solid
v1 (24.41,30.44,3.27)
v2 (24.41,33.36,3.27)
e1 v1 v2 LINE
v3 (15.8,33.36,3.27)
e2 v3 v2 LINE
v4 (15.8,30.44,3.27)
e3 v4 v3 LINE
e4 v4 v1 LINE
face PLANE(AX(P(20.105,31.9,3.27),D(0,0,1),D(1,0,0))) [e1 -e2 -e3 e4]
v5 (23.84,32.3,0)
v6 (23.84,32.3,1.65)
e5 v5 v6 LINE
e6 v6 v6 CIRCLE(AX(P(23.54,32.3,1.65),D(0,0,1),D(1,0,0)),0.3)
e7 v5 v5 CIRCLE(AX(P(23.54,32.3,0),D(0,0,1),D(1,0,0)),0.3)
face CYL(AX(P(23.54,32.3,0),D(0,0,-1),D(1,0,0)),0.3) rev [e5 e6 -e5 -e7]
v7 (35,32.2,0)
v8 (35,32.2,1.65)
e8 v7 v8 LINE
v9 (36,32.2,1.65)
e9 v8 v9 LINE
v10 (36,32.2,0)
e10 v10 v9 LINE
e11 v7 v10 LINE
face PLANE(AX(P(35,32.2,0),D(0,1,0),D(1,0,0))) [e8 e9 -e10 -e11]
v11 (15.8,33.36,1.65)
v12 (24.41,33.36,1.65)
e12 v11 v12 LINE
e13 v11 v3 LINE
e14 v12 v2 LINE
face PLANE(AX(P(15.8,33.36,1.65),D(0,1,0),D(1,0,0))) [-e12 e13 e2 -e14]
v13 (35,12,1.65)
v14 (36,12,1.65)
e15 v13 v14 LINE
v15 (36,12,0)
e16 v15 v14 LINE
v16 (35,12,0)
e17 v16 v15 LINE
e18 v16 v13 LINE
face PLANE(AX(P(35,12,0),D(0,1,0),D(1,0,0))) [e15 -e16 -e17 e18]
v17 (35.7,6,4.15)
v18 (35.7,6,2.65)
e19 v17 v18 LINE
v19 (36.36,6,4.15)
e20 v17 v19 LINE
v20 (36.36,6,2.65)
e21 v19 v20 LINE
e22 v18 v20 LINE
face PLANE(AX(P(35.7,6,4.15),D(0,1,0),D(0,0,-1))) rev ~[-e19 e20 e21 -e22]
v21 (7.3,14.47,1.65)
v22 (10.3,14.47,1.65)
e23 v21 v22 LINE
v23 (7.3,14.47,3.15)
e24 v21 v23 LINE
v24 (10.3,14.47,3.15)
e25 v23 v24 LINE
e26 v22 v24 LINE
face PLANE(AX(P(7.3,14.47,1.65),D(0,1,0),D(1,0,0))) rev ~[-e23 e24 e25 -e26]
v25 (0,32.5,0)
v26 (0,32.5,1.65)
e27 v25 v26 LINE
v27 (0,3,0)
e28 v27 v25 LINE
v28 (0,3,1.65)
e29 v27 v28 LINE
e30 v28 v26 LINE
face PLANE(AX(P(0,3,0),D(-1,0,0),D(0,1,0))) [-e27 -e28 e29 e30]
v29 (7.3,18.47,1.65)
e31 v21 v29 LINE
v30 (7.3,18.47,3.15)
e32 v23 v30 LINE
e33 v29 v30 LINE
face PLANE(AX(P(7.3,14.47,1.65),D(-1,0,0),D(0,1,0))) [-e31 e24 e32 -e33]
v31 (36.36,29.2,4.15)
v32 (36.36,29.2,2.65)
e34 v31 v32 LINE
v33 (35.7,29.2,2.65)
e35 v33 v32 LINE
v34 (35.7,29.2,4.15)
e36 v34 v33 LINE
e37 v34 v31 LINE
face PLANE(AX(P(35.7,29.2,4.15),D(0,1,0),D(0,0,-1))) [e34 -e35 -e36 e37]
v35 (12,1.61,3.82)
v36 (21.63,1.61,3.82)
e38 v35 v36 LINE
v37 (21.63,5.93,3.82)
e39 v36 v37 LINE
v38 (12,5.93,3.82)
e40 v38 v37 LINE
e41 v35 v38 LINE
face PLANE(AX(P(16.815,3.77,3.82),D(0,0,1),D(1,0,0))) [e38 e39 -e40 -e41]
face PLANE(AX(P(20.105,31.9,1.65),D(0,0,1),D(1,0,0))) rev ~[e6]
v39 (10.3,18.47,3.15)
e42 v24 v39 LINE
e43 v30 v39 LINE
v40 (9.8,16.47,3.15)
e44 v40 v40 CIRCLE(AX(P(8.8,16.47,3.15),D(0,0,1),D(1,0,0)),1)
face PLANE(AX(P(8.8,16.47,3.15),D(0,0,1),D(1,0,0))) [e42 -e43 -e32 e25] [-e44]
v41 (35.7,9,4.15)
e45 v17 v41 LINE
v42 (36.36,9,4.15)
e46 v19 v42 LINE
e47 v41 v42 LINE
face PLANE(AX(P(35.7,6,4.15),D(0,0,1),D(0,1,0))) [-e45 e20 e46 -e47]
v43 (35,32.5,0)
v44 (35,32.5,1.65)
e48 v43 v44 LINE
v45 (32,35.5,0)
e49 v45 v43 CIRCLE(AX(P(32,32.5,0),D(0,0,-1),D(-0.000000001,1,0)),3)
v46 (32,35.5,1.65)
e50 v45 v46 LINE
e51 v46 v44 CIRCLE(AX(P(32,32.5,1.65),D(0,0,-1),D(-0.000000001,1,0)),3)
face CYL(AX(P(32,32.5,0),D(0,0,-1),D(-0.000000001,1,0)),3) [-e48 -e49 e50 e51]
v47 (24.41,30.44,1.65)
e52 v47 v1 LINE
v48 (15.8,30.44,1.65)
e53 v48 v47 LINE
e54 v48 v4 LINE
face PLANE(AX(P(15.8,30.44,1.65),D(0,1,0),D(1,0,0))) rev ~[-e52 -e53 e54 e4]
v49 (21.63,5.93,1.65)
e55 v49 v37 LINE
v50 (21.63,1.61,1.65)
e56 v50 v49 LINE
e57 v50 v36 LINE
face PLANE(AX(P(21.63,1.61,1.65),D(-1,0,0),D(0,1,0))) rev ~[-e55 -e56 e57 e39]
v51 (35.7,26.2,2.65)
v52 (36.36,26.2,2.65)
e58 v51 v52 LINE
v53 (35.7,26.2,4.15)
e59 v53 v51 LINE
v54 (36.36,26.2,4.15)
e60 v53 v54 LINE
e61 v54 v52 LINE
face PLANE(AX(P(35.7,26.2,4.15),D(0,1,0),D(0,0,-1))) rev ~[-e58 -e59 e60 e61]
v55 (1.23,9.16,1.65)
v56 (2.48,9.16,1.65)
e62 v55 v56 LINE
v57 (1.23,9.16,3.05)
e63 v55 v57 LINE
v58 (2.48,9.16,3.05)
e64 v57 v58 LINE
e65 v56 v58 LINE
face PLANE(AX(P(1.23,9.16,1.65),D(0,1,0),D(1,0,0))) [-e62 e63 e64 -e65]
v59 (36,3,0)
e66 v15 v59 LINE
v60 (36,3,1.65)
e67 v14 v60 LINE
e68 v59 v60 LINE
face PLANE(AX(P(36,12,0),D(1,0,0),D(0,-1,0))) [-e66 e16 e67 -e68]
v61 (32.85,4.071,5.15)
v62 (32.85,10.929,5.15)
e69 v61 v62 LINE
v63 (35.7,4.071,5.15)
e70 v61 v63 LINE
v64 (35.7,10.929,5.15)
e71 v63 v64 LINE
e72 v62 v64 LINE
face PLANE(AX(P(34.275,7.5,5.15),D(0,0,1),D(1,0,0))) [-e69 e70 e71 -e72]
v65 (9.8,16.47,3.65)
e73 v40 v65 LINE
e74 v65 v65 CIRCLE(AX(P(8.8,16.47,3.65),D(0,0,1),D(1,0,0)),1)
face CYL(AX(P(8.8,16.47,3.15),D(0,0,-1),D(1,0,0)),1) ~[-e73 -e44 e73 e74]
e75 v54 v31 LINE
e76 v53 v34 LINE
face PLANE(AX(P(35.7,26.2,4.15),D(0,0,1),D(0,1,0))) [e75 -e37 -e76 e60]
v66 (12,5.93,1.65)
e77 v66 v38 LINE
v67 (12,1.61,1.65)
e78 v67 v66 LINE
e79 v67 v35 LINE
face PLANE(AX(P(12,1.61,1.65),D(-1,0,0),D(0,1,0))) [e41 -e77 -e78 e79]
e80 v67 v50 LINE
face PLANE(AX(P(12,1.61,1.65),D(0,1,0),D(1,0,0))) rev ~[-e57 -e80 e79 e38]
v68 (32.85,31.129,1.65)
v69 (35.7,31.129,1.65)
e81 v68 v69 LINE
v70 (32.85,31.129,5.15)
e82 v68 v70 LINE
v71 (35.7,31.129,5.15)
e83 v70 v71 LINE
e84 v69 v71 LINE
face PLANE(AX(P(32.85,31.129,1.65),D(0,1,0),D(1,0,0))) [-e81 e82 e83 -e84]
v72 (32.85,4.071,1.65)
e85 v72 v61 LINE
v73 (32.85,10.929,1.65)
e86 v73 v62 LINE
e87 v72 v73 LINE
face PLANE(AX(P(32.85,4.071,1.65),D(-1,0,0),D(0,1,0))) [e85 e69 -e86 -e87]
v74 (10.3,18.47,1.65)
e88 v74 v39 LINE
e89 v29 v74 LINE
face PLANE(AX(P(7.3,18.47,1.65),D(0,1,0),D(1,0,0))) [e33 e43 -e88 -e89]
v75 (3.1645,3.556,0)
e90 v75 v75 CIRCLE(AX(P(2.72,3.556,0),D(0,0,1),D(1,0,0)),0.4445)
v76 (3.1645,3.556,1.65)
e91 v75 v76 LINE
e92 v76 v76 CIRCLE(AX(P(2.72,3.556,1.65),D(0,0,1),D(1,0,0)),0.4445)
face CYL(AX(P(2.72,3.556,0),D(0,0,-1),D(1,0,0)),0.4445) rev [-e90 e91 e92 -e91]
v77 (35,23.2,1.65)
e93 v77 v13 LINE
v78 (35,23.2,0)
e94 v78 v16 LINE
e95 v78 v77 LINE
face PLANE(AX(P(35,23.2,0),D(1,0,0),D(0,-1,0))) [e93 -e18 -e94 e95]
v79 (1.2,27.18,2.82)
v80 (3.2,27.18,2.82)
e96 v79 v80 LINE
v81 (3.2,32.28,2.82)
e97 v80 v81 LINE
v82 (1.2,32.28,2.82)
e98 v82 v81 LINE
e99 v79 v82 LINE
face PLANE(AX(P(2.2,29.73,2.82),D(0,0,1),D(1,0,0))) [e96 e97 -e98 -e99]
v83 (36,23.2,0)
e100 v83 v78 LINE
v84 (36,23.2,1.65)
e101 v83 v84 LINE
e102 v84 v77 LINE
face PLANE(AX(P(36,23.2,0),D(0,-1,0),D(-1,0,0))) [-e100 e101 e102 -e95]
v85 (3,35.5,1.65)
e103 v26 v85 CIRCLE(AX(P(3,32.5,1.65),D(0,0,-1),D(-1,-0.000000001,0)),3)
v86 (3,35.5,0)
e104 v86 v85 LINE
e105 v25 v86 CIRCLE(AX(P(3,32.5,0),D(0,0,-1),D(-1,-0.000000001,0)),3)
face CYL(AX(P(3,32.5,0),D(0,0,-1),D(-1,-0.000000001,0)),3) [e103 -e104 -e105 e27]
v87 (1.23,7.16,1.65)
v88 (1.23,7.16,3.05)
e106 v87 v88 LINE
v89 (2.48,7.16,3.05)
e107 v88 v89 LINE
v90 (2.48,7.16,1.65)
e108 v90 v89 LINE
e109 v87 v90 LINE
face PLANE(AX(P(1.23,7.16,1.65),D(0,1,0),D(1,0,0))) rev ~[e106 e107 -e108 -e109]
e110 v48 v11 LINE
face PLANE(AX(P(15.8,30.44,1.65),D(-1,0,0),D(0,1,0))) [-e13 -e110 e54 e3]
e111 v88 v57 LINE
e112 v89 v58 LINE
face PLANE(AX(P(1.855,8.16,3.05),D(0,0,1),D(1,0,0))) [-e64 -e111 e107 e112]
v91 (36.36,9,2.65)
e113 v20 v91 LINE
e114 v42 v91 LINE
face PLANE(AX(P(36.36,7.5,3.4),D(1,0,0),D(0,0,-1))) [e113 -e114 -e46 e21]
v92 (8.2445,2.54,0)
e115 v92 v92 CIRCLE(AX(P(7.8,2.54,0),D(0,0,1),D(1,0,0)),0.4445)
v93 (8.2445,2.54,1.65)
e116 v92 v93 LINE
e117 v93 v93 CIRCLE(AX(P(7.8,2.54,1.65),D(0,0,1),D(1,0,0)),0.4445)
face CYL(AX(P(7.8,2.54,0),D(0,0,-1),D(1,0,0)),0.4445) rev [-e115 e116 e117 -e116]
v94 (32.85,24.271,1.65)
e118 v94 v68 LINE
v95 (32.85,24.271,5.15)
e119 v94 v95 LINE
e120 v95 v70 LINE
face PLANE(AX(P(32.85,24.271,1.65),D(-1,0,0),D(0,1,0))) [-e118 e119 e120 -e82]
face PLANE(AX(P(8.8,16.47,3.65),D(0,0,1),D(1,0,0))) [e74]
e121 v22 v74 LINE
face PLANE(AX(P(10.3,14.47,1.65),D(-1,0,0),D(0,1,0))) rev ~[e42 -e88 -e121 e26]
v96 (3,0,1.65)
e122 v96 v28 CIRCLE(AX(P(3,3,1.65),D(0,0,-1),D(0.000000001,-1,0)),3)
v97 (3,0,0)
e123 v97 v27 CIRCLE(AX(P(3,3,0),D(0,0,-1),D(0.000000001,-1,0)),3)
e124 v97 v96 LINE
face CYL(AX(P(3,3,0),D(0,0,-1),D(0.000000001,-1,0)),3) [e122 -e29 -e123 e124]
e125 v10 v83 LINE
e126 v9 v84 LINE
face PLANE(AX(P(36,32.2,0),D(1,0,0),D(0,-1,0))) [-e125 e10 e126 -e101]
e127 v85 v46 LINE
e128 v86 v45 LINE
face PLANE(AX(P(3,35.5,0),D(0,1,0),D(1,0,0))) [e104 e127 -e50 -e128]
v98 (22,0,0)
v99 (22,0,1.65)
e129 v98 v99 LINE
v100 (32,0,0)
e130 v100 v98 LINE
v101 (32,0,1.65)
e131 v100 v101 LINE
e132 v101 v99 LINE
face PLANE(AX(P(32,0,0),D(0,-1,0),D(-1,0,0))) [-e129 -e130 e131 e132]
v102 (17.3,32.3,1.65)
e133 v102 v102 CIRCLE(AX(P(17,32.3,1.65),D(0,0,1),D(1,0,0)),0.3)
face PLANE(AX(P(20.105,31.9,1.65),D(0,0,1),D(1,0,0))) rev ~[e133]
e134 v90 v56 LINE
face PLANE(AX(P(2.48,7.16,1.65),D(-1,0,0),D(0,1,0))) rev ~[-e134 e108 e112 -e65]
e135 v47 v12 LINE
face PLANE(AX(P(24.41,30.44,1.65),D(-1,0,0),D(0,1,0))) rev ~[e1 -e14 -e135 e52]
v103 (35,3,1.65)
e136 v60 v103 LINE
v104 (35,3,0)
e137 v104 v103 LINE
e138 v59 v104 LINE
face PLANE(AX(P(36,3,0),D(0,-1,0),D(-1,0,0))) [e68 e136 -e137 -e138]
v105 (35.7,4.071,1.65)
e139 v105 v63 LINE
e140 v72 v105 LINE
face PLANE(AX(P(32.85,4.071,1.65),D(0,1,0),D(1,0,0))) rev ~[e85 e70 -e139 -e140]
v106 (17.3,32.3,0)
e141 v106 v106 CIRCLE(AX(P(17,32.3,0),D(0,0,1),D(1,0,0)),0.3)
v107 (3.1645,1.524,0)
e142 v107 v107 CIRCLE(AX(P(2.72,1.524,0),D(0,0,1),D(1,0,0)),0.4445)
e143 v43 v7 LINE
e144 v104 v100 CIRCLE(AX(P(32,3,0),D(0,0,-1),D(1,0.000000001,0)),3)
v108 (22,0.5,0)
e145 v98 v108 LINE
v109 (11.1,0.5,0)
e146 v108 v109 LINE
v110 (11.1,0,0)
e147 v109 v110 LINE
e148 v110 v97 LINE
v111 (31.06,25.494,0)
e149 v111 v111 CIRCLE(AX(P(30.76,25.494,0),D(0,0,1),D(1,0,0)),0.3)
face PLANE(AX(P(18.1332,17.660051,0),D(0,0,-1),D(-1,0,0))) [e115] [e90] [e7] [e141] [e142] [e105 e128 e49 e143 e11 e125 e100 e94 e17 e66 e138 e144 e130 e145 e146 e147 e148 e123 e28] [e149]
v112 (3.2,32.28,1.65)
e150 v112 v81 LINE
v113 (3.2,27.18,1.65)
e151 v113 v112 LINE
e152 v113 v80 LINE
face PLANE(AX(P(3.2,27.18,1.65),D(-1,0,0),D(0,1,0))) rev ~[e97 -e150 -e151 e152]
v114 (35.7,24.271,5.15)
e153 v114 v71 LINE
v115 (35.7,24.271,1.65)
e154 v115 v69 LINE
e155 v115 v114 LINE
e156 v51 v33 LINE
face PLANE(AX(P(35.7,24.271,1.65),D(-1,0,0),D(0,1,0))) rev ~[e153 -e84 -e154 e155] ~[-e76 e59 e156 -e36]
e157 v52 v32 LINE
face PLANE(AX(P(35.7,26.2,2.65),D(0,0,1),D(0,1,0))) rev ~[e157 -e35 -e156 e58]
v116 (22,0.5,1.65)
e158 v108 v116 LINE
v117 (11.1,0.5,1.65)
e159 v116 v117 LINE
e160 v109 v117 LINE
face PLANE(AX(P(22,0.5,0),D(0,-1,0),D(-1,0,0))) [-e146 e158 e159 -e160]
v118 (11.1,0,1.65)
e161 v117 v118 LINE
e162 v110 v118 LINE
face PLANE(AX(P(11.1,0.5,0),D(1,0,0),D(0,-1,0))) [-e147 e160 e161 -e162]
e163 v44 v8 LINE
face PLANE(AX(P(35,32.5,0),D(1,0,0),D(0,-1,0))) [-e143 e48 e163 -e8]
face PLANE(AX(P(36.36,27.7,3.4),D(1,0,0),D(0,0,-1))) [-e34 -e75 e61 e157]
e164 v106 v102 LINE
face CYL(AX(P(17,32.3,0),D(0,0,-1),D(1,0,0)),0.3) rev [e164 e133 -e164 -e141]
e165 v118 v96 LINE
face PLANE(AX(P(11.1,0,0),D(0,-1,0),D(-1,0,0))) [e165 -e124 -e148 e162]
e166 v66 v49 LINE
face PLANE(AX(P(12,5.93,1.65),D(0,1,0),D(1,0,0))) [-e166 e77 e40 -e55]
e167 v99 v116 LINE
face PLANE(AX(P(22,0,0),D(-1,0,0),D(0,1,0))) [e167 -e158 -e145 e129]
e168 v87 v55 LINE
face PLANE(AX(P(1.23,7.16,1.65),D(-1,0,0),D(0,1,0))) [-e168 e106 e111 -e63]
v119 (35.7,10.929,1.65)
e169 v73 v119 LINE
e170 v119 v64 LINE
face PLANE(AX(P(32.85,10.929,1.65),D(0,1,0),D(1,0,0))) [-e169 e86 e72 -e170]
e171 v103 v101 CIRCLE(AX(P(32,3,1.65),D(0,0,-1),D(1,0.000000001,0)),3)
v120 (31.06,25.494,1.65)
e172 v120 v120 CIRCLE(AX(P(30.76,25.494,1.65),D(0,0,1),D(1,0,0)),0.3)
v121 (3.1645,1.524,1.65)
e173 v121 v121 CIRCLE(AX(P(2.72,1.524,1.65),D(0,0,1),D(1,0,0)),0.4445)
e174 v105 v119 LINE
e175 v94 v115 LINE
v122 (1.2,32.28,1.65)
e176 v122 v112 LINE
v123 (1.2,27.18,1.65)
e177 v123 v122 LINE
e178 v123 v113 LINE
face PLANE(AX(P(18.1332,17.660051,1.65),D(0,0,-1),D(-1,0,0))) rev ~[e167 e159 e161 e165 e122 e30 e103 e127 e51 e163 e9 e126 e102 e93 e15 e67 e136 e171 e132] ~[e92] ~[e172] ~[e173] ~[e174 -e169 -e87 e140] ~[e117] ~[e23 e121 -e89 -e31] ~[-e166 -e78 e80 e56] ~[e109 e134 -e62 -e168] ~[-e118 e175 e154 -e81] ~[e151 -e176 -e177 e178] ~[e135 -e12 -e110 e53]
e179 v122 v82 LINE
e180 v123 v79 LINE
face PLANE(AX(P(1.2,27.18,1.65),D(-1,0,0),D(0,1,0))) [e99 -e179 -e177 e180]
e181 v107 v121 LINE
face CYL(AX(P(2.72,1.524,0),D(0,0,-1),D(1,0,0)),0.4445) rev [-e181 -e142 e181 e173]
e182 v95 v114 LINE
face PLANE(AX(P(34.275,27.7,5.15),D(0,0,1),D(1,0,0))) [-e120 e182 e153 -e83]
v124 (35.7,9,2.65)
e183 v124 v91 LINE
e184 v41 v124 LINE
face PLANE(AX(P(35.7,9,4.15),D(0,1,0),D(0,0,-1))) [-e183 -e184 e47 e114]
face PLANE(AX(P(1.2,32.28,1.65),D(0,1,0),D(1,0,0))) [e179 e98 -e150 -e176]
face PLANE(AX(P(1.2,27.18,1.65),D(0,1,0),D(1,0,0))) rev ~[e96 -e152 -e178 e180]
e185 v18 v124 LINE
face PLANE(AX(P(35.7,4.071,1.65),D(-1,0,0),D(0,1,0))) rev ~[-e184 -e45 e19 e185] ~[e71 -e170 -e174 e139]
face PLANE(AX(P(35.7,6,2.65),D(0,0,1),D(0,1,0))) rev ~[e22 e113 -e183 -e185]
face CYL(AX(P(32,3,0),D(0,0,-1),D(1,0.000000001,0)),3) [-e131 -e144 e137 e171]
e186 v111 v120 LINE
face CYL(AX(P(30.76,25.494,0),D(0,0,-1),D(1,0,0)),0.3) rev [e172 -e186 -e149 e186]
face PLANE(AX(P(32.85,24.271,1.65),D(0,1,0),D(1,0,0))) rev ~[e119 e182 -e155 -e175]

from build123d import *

# Parameters (mm, degrees)
MODEL_R             = 0.4445
MODEL_R_2           = 0.3
BOSS_EXTRUDE1_DEPTH = 1.65
SKETCH2_W           = 2.85
SKETCH2_H           = 6.858
BOSS_EXTRUDE2_DEPTH = 3.5
SKETCH3_W           = 1.5
SKETCH3_H           = 3
BOSS_EXTRUDE3_DEPTH = 0.66
SKETCH4_W           = 1.25
SKETCH4_H           = 2
BOSS_EXTRUDE4_DEPTH = 1.4
SKETCH5_W           = 2
SKETCH5_H           = 5.1
BOSS_EXTRUDE5_DEPTH = 1.17
SKETCH6_W           = 8.61
SKETCH6_H           = 2.92
BOSS_EXTRUDE6_DEPTH = 1.62
SKETCH7_W           = 9.63
SKETCH7_H           = 4.32
BOSS_EXTRUDE7_DEPTH = 2.17
SKETCH8_W           = 3
SKETCH8_H           = 4
BOSS_EXTRUDE8_DEPTH = 1.5
SKETCH9_R           = 1
BOSS_EXTRUDE9_DEPTH = 0.5


with BuildPart() as part:
    # Model → Boss-Extrude1 (new body)
    with BuildSketch(Plane.XY):
        with BuildLine():
            Line((3, 35.5), (32, 35.5))
            ThreePointArc((32, 35.5), (34.121320344, 34.621320344), (35, 32.5))
            Line((35, 32.5), (35, 32.2))
            Line((35, 32.2), (36, 32.2))
            Line((36, 32.2), (36, 23.2))
            Line((36, 23.2), (35, 23.2))
            Line((35, 23.2), (35, 12))
            Line((35, 12), (36, 12))
            Line((36, 12), (36, 3))
            Line((36, 3), (35, 3))
            ThreePointArc((35, 3), (34.121320344, 0.878679656), (32, 0))
            Line((32, 0), (22, 0))
            Line((22, 0), (22, 0.5))
            Line((22, 0.5), (11.1, 0.5))
            Line((11.1, 0.5), (11.1, 0))
            Line((11.1, 0), (3, 0))
            ThreePointArc((3, 0), (0.878679656, 0.878679656), (0, 3))
            Line((0, 3), (0, 32.5))
            ThreePointArc((0, 32.5), (0.878679656, 34.621320344), (3, 35.5))
        make_face()
        with Locations((7.8, 2.54)):
            Circle(MODEL_R, mode=Mode.SUBTRACT)
        with Locations((2.72, 1.524)):
            Circle(MODEL_R, mode=Mode.SUBTRACT)
        with Locations((2.72, 3.556)):
            Circle(MODEL_R, mode=Mode.SUBTRACT)
        with Locations((17, 32.3)):
            Circle(MODEL_R_2, mode=Mode.SUBTRACT)
        with Locations((23.54, 32.3)):
            Circle(MODEL_R_2, mode=Mode.SUBTRACT)
        with Locations((30.76, 25.494)):
            Circle(MODEL_R_2, mode=Mode.SUBTRACT)
    extrude(amount=BOSS_EXTRUDE1_DEPTH)

    # Sketch2 → Boss-Extrude2 (add)
    with BuildSketch(Plane.XY.offset(1.65)):
        with Locations((34.275, 27.7)):
            Rectangle(SKETCH2_W, SKETCH2_H)
        with Locations((34.275, 7.5)):
            Rectangle(SKETCH2_W, SKETCH2_H)
    extrude(amount=BOSS_EXTRUDE2_DEPTH)

    # Sketch3 → Boss-Extrude3 (add)
    with BuildSketch(Plane(origin=(35.7, 0, 0), x_dir=(0, 0, -1), z_dir=(1, 0, 0))):
        with Locations((-3.4, 27.7)):
            Rectangle(SKETCH3_W, SKETCH3_H)
        with Locations((-3.4, 7.5)):
            Rectangle(SKETCH3_W, SKETCH3_H)
    extrude(amount=BOSS_EXTRUDE3_DEPTH)

    # Sketch4 → Boss-Extrude4 (add)
    with BuildSketch(Plane.XY.offset(1.65)):
        with Locations((1.855, 8.16)):
            Rectangle(SKETCH4_W, SKETCH4_H)
    extrude(amount=BOSS_EXTRUDE4_DEPTH)

    # Sketch5 → Boss-Extrude5 (add)
    with BuildSketch(Plane.XY.offset(1.65)):
        with Locations((2.2, 29.73)):
            Rectangle(SKETCH5_W, SKETCH5_H)
    extrude(amount=BOSS_EXTRUDE5_DEPTH)

    # Sketch6 → Boss-Extrude6 (add)
    with BuildSketch(Plane.XY.offset(1.65)):
        with Locations((20.105, 31.9)):
            Rectangle(SKETCH6_W, SKETCH6_H)
    extrude(amount=BOSS_EXTRUDE6_DEPTH)

    # Sketch7 → Boss-Extrude7 (add)
    with BuildSketch(Plane.XY.offset(1.65)):
        with Locations((16.815, 3.77)):
            Rectangle(SKETCH7_W, SKETCH7_H)
    extrude(amount=BOSS_EXTRUDE7_DEPTH)

    # Sketch8 → Boss-Extrude8 (add)
    with BuildSketch(Plane.XY.offset(1.65)):
        with Locations((8.8, 16.47)):
            Rectangle(SKETCH8_W, SKETCH8_H)
    extrude(amount=BOSS_EXTRUDE8_DEPTH)

    # Sketch9 → Boss-Extrude9 (add)
    with BuildSketch(Plane.XY.offset(3.15)):
        with Locations((8.8, 16.47)):
            Circle(SKETCH9_R)
    extrude(amount=BOSS_EXTRUDE9_DEPTH)


solid = part.part
